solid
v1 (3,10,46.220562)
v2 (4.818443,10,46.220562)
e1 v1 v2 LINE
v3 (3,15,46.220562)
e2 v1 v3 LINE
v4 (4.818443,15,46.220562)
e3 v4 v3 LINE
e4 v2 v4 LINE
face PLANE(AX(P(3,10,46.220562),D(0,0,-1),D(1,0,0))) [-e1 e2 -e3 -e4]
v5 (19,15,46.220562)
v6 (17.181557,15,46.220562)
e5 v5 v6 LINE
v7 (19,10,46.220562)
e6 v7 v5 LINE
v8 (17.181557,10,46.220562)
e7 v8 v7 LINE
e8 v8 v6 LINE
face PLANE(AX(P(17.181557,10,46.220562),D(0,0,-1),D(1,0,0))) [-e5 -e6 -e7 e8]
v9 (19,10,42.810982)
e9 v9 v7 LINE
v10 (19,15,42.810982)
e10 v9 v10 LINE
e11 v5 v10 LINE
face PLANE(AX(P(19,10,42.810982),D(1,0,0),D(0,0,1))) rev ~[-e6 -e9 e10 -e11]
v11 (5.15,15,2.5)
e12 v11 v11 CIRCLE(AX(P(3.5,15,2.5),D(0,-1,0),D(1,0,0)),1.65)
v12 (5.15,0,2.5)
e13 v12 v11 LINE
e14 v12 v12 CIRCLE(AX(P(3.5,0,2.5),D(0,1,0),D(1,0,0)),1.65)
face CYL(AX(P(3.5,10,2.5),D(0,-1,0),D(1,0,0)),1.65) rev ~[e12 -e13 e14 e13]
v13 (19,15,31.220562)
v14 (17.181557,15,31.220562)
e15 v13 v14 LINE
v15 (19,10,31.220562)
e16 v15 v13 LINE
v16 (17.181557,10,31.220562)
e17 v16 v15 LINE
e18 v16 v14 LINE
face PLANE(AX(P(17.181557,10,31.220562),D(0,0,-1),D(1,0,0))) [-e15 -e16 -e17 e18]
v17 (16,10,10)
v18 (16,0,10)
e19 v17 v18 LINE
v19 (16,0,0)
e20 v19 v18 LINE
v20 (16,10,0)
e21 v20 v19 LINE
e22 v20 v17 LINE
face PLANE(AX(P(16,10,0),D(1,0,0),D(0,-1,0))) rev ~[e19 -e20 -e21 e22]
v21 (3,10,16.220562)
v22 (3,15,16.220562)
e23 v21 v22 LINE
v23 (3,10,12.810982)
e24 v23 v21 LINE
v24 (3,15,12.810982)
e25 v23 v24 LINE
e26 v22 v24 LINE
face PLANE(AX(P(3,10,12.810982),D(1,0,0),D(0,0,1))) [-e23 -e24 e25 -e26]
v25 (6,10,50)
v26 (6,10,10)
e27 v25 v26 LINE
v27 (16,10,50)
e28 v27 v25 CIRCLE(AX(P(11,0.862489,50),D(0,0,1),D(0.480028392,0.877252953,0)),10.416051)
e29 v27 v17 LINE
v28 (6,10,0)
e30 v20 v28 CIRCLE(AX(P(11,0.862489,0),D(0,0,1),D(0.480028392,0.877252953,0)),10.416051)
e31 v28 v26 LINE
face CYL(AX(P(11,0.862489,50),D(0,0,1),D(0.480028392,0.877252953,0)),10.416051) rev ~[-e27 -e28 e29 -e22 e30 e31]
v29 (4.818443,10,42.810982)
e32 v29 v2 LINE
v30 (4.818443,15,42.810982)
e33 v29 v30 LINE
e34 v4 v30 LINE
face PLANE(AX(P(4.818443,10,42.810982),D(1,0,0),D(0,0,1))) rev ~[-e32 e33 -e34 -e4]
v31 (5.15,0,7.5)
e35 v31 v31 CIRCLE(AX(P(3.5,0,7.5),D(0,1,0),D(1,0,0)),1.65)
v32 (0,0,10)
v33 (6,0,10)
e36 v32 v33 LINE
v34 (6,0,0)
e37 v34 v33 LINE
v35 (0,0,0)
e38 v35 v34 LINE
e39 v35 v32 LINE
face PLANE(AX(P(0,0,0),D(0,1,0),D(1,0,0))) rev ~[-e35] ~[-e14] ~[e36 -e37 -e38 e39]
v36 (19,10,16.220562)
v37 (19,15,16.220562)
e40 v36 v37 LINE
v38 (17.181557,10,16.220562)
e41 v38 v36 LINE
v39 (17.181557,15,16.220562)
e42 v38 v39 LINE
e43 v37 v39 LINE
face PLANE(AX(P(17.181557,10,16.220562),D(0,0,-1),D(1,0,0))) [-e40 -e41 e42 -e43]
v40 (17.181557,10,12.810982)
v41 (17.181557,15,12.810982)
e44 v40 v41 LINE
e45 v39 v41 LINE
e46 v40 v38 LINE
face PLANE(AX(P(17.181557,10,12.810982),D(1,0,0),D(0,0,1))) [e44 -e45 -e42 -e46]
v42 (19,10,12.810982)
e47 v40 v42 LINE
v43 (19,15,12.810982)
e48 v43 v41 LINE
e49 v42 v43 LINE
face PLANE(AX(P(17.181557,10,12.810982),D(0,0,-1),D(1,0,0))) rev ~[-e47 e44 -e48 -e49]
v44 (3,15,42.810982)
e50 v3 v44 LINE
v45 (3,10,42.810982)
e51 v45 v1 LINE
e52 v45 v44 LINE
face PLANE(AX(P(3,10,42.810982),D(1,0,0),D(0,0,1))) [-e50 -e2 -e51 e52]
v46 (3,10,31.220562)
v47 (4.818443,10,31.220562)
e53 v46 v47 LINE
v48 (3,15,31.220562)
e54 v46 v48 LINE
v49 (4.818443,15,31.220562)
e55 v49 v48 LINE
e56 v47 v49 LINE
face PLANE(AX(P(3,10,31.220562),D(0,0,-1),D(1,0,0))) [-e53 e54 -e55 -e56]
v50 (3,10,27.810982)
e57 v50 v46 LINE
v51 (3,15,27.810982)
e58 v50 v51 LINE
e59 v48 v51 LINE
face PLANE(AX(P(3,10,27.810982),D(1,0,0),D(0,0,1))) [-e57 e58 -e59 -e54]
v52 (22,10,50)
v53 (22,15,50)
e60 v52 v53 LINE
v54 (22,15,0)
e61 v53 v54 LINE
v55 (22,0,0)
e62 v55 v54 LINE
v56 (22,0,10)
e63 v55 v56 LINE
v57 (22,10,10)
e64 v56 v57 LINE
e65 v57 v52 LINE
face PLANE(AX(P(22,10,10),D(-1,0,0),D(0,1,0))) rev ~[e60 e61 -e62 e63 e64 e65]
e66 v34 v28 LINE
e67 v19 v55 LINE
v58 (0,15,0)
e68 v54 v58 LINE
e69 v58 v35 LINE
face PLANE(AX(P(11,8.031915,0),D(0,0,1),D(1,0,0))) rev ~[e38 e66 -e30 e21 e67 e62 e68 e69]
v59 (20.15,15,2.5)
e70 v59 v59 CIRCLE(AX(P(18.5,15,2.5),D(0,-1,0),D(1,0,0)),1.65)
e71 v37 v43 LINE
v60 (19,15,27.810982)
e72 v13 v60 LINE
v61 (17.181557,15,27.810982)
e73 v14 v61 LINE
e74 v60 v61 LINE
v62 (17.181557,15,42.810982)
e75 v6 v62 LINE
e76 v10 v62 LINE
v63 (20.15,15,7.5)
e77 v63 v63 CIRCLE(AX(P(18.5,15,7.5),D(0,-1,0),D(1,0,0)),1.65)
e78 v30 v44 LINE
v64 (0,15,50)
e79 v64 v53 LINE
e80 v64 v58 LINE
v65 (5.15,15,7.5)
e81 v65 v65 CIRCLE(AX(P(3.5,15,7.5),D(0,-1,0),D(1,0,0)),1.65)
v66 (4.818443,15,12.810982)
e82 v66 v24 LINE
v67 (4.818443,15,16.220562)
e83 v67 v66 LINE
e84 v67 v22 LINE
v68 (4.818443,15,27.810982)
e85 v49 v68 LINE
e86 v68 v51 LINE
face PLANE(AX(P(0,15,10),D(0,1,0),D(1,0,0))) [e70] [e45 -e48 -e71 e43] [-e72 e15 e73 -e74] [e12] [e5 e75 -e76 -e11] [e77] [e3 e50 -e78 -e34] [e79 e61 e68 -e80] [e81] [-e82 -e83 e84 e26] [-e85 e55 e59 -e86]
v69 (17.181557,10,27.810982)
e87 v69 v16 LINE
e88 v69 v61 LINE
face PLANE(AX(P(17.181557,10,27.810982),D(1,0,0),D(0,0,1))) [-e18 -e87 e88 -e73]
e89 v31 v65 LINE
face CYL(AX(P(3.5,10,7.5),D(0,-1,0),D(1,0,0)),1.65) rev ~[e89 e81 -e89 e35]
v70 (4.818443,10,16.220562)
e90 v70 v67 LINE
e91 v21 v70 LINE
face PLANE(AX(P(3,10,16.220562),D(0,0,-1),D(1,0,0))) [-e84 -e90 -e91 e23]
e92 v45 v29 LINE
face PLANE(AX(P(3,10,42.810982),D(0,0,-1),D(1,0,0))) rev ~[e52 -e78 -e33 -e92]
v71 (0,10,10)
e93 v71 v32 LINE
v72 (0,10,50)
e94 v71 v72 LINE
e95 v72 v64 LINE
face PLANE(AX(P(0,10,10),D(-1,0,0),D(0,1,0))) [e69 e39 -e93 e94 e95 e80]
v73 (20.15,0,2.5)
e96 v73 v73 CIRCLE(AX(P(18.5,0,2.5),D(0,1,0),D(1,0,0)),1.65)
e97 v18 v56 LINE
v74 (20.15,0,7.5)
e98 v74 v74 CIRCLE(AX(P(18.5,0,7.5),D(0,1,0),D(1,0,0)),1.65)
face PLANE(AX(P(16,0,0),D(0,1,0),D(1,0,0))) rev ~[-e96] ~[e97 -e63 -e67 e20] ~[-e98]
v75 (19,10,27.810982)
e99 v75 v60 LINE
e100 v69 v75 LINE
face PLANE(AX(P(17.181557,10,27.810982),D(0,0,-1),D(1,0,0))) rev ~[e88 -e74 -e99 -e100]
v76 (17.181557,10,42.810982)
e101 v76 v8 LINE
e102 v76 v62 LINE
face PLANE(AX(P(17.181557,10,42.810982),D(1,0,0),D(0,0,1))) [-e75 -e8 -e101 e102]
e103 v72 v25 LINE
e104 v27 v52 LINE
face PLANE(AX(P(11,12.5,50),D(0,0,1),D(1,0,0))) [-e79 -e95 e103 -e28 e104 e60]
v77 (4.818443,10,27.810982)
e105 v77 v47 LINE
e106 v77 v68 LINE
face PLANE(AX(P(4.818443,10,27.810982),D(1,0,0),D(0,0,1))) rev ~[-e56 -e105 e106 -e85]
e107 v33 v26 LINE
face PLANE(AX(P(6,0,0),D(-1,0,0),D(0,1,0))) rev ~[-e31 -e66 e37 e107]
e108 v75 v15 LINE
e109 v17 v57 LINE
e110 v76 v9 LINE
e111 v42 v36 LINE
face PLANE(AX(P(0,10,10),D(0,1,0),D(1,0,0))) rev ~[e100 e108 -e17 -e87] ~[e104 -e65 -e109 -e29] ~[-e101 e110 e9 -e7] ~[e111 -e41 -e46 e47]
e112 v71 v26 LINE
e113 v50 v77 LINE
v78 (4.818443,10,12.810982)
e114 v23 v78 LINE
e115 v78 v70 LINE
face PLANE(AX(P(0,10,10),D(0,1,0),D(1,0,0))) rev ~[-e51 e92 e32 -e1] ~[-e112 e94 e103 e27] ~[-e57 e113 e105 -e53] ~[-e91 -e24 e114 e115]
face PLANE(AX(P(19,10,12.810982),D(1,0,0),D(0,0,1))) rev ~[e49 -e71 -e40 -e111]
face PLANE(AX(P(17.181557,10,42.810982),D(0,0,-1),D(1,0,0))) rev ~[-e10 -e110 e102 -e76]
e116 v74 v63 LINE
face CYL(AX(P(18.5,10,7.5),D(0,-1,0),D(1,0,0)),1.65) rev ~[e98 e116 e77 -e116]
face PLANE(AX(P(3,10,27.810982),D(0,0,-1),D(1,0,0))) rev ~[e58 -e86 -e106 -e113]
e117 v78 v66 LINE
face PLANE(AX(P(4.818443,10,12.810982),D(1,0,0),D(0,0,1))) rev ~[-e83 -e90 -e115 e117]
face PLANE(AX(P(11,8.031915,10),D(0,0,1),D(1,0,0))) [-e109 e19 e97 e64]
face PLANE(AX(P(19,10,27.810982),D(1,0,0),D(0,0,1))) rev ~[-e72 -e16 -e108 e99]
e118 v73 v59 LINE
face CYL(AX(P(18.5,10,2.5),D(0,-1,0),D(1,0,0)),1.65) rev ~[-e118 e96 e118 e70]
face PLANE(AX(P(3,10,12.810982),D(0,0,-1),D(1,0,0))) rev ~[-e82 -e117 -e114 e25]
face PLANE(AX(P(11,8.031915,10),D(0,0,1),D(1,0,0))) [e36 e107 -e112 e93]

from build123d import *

# Parameters (mm, degrees)
F1_DEPTH      = 10
F2_W          = 22
F2_H          = 5
F3_DEPTH      = 40
F4_W          = 1.8184431829
F4_H          = 3.4095803276
F4_R          = 1.65
F5_DEPTH      = 25
F5_DEPTH_BACK = 25
F7_DEPTH      = 50.001


with BuildPart() as f1:
    # F0 (on Top) → F1 (new body)
    with BuildSketch(Plane.XY):
        Polygon((0, 15), (0, 0), (6, 0), (6, 10), (16, 10), (16, 0), (22, 0), (22, 15), align=None)
    extrude(amount=F1_DEPTH)

    # F2 (on face) → F3 (join)
    with BuildSketch(Plane.XY.offset(10)):
        with Locations((11, 12.5)):
            Rectangle(F2_W, F2_H)
    extrude(amount=F3_DEPTH)

    # F4 (on face) → F5 (cut, two sides)
    with BuildSketch(Plane.XZ.offset(-10)) as f5_sk:
        with Locations((3.9092215914, 14.5157719962)):
            Rectangle(F4_W, F4_H)
        with Locations((18.0907784086, 14.5157719962)):
            Rectangle(F4_W, F4_H)
        with Locations((18.5, 2.5)):
            Circle(F4_R)
        with Locations((3.5, 2.5)):
            Circle(F4_R)
        with Locations((18.0907784086, 29.5157719962)):
            Rectangle(F4_W, F4_H)
        with Locations((18.0907784086, 44.5157719962)):
            Rectangle(F4_W, F4_H)
        with Locations((3.9092215914, 29.5157719962)):
            Rectangle(F4_W, F4_H)
        with Locations((3.9092215914, 44.5157719962)):
            Rectangle(F4_W, F4_H)
        with Locations((18.5, 7.5)):
            Circle(F4_R)
        with Locations((3.5, 7.5)):
            Circle(F4_R)
    extrude(amount=-F5_DEPTH, mode=Mode.SUBTRACT)
    extrude(f5_sk.sketch, amount=F5_DEPTH_BACK, mode=Mode.SUBTRACT)

    # F6 (on face) → F7 (cut, through all)
    with BuildSketch(Plane.XY.offset(50)):
        with BuildLine():
            Line((6, 10), (16, 10))
            ThreePointArc((16, 10), (11, 11.2785394519), (6, 10))
        make_face()
    extrude(amount=-F7_DEPTH, mode=Mode.SUBTRACT)


solid = f1.part
